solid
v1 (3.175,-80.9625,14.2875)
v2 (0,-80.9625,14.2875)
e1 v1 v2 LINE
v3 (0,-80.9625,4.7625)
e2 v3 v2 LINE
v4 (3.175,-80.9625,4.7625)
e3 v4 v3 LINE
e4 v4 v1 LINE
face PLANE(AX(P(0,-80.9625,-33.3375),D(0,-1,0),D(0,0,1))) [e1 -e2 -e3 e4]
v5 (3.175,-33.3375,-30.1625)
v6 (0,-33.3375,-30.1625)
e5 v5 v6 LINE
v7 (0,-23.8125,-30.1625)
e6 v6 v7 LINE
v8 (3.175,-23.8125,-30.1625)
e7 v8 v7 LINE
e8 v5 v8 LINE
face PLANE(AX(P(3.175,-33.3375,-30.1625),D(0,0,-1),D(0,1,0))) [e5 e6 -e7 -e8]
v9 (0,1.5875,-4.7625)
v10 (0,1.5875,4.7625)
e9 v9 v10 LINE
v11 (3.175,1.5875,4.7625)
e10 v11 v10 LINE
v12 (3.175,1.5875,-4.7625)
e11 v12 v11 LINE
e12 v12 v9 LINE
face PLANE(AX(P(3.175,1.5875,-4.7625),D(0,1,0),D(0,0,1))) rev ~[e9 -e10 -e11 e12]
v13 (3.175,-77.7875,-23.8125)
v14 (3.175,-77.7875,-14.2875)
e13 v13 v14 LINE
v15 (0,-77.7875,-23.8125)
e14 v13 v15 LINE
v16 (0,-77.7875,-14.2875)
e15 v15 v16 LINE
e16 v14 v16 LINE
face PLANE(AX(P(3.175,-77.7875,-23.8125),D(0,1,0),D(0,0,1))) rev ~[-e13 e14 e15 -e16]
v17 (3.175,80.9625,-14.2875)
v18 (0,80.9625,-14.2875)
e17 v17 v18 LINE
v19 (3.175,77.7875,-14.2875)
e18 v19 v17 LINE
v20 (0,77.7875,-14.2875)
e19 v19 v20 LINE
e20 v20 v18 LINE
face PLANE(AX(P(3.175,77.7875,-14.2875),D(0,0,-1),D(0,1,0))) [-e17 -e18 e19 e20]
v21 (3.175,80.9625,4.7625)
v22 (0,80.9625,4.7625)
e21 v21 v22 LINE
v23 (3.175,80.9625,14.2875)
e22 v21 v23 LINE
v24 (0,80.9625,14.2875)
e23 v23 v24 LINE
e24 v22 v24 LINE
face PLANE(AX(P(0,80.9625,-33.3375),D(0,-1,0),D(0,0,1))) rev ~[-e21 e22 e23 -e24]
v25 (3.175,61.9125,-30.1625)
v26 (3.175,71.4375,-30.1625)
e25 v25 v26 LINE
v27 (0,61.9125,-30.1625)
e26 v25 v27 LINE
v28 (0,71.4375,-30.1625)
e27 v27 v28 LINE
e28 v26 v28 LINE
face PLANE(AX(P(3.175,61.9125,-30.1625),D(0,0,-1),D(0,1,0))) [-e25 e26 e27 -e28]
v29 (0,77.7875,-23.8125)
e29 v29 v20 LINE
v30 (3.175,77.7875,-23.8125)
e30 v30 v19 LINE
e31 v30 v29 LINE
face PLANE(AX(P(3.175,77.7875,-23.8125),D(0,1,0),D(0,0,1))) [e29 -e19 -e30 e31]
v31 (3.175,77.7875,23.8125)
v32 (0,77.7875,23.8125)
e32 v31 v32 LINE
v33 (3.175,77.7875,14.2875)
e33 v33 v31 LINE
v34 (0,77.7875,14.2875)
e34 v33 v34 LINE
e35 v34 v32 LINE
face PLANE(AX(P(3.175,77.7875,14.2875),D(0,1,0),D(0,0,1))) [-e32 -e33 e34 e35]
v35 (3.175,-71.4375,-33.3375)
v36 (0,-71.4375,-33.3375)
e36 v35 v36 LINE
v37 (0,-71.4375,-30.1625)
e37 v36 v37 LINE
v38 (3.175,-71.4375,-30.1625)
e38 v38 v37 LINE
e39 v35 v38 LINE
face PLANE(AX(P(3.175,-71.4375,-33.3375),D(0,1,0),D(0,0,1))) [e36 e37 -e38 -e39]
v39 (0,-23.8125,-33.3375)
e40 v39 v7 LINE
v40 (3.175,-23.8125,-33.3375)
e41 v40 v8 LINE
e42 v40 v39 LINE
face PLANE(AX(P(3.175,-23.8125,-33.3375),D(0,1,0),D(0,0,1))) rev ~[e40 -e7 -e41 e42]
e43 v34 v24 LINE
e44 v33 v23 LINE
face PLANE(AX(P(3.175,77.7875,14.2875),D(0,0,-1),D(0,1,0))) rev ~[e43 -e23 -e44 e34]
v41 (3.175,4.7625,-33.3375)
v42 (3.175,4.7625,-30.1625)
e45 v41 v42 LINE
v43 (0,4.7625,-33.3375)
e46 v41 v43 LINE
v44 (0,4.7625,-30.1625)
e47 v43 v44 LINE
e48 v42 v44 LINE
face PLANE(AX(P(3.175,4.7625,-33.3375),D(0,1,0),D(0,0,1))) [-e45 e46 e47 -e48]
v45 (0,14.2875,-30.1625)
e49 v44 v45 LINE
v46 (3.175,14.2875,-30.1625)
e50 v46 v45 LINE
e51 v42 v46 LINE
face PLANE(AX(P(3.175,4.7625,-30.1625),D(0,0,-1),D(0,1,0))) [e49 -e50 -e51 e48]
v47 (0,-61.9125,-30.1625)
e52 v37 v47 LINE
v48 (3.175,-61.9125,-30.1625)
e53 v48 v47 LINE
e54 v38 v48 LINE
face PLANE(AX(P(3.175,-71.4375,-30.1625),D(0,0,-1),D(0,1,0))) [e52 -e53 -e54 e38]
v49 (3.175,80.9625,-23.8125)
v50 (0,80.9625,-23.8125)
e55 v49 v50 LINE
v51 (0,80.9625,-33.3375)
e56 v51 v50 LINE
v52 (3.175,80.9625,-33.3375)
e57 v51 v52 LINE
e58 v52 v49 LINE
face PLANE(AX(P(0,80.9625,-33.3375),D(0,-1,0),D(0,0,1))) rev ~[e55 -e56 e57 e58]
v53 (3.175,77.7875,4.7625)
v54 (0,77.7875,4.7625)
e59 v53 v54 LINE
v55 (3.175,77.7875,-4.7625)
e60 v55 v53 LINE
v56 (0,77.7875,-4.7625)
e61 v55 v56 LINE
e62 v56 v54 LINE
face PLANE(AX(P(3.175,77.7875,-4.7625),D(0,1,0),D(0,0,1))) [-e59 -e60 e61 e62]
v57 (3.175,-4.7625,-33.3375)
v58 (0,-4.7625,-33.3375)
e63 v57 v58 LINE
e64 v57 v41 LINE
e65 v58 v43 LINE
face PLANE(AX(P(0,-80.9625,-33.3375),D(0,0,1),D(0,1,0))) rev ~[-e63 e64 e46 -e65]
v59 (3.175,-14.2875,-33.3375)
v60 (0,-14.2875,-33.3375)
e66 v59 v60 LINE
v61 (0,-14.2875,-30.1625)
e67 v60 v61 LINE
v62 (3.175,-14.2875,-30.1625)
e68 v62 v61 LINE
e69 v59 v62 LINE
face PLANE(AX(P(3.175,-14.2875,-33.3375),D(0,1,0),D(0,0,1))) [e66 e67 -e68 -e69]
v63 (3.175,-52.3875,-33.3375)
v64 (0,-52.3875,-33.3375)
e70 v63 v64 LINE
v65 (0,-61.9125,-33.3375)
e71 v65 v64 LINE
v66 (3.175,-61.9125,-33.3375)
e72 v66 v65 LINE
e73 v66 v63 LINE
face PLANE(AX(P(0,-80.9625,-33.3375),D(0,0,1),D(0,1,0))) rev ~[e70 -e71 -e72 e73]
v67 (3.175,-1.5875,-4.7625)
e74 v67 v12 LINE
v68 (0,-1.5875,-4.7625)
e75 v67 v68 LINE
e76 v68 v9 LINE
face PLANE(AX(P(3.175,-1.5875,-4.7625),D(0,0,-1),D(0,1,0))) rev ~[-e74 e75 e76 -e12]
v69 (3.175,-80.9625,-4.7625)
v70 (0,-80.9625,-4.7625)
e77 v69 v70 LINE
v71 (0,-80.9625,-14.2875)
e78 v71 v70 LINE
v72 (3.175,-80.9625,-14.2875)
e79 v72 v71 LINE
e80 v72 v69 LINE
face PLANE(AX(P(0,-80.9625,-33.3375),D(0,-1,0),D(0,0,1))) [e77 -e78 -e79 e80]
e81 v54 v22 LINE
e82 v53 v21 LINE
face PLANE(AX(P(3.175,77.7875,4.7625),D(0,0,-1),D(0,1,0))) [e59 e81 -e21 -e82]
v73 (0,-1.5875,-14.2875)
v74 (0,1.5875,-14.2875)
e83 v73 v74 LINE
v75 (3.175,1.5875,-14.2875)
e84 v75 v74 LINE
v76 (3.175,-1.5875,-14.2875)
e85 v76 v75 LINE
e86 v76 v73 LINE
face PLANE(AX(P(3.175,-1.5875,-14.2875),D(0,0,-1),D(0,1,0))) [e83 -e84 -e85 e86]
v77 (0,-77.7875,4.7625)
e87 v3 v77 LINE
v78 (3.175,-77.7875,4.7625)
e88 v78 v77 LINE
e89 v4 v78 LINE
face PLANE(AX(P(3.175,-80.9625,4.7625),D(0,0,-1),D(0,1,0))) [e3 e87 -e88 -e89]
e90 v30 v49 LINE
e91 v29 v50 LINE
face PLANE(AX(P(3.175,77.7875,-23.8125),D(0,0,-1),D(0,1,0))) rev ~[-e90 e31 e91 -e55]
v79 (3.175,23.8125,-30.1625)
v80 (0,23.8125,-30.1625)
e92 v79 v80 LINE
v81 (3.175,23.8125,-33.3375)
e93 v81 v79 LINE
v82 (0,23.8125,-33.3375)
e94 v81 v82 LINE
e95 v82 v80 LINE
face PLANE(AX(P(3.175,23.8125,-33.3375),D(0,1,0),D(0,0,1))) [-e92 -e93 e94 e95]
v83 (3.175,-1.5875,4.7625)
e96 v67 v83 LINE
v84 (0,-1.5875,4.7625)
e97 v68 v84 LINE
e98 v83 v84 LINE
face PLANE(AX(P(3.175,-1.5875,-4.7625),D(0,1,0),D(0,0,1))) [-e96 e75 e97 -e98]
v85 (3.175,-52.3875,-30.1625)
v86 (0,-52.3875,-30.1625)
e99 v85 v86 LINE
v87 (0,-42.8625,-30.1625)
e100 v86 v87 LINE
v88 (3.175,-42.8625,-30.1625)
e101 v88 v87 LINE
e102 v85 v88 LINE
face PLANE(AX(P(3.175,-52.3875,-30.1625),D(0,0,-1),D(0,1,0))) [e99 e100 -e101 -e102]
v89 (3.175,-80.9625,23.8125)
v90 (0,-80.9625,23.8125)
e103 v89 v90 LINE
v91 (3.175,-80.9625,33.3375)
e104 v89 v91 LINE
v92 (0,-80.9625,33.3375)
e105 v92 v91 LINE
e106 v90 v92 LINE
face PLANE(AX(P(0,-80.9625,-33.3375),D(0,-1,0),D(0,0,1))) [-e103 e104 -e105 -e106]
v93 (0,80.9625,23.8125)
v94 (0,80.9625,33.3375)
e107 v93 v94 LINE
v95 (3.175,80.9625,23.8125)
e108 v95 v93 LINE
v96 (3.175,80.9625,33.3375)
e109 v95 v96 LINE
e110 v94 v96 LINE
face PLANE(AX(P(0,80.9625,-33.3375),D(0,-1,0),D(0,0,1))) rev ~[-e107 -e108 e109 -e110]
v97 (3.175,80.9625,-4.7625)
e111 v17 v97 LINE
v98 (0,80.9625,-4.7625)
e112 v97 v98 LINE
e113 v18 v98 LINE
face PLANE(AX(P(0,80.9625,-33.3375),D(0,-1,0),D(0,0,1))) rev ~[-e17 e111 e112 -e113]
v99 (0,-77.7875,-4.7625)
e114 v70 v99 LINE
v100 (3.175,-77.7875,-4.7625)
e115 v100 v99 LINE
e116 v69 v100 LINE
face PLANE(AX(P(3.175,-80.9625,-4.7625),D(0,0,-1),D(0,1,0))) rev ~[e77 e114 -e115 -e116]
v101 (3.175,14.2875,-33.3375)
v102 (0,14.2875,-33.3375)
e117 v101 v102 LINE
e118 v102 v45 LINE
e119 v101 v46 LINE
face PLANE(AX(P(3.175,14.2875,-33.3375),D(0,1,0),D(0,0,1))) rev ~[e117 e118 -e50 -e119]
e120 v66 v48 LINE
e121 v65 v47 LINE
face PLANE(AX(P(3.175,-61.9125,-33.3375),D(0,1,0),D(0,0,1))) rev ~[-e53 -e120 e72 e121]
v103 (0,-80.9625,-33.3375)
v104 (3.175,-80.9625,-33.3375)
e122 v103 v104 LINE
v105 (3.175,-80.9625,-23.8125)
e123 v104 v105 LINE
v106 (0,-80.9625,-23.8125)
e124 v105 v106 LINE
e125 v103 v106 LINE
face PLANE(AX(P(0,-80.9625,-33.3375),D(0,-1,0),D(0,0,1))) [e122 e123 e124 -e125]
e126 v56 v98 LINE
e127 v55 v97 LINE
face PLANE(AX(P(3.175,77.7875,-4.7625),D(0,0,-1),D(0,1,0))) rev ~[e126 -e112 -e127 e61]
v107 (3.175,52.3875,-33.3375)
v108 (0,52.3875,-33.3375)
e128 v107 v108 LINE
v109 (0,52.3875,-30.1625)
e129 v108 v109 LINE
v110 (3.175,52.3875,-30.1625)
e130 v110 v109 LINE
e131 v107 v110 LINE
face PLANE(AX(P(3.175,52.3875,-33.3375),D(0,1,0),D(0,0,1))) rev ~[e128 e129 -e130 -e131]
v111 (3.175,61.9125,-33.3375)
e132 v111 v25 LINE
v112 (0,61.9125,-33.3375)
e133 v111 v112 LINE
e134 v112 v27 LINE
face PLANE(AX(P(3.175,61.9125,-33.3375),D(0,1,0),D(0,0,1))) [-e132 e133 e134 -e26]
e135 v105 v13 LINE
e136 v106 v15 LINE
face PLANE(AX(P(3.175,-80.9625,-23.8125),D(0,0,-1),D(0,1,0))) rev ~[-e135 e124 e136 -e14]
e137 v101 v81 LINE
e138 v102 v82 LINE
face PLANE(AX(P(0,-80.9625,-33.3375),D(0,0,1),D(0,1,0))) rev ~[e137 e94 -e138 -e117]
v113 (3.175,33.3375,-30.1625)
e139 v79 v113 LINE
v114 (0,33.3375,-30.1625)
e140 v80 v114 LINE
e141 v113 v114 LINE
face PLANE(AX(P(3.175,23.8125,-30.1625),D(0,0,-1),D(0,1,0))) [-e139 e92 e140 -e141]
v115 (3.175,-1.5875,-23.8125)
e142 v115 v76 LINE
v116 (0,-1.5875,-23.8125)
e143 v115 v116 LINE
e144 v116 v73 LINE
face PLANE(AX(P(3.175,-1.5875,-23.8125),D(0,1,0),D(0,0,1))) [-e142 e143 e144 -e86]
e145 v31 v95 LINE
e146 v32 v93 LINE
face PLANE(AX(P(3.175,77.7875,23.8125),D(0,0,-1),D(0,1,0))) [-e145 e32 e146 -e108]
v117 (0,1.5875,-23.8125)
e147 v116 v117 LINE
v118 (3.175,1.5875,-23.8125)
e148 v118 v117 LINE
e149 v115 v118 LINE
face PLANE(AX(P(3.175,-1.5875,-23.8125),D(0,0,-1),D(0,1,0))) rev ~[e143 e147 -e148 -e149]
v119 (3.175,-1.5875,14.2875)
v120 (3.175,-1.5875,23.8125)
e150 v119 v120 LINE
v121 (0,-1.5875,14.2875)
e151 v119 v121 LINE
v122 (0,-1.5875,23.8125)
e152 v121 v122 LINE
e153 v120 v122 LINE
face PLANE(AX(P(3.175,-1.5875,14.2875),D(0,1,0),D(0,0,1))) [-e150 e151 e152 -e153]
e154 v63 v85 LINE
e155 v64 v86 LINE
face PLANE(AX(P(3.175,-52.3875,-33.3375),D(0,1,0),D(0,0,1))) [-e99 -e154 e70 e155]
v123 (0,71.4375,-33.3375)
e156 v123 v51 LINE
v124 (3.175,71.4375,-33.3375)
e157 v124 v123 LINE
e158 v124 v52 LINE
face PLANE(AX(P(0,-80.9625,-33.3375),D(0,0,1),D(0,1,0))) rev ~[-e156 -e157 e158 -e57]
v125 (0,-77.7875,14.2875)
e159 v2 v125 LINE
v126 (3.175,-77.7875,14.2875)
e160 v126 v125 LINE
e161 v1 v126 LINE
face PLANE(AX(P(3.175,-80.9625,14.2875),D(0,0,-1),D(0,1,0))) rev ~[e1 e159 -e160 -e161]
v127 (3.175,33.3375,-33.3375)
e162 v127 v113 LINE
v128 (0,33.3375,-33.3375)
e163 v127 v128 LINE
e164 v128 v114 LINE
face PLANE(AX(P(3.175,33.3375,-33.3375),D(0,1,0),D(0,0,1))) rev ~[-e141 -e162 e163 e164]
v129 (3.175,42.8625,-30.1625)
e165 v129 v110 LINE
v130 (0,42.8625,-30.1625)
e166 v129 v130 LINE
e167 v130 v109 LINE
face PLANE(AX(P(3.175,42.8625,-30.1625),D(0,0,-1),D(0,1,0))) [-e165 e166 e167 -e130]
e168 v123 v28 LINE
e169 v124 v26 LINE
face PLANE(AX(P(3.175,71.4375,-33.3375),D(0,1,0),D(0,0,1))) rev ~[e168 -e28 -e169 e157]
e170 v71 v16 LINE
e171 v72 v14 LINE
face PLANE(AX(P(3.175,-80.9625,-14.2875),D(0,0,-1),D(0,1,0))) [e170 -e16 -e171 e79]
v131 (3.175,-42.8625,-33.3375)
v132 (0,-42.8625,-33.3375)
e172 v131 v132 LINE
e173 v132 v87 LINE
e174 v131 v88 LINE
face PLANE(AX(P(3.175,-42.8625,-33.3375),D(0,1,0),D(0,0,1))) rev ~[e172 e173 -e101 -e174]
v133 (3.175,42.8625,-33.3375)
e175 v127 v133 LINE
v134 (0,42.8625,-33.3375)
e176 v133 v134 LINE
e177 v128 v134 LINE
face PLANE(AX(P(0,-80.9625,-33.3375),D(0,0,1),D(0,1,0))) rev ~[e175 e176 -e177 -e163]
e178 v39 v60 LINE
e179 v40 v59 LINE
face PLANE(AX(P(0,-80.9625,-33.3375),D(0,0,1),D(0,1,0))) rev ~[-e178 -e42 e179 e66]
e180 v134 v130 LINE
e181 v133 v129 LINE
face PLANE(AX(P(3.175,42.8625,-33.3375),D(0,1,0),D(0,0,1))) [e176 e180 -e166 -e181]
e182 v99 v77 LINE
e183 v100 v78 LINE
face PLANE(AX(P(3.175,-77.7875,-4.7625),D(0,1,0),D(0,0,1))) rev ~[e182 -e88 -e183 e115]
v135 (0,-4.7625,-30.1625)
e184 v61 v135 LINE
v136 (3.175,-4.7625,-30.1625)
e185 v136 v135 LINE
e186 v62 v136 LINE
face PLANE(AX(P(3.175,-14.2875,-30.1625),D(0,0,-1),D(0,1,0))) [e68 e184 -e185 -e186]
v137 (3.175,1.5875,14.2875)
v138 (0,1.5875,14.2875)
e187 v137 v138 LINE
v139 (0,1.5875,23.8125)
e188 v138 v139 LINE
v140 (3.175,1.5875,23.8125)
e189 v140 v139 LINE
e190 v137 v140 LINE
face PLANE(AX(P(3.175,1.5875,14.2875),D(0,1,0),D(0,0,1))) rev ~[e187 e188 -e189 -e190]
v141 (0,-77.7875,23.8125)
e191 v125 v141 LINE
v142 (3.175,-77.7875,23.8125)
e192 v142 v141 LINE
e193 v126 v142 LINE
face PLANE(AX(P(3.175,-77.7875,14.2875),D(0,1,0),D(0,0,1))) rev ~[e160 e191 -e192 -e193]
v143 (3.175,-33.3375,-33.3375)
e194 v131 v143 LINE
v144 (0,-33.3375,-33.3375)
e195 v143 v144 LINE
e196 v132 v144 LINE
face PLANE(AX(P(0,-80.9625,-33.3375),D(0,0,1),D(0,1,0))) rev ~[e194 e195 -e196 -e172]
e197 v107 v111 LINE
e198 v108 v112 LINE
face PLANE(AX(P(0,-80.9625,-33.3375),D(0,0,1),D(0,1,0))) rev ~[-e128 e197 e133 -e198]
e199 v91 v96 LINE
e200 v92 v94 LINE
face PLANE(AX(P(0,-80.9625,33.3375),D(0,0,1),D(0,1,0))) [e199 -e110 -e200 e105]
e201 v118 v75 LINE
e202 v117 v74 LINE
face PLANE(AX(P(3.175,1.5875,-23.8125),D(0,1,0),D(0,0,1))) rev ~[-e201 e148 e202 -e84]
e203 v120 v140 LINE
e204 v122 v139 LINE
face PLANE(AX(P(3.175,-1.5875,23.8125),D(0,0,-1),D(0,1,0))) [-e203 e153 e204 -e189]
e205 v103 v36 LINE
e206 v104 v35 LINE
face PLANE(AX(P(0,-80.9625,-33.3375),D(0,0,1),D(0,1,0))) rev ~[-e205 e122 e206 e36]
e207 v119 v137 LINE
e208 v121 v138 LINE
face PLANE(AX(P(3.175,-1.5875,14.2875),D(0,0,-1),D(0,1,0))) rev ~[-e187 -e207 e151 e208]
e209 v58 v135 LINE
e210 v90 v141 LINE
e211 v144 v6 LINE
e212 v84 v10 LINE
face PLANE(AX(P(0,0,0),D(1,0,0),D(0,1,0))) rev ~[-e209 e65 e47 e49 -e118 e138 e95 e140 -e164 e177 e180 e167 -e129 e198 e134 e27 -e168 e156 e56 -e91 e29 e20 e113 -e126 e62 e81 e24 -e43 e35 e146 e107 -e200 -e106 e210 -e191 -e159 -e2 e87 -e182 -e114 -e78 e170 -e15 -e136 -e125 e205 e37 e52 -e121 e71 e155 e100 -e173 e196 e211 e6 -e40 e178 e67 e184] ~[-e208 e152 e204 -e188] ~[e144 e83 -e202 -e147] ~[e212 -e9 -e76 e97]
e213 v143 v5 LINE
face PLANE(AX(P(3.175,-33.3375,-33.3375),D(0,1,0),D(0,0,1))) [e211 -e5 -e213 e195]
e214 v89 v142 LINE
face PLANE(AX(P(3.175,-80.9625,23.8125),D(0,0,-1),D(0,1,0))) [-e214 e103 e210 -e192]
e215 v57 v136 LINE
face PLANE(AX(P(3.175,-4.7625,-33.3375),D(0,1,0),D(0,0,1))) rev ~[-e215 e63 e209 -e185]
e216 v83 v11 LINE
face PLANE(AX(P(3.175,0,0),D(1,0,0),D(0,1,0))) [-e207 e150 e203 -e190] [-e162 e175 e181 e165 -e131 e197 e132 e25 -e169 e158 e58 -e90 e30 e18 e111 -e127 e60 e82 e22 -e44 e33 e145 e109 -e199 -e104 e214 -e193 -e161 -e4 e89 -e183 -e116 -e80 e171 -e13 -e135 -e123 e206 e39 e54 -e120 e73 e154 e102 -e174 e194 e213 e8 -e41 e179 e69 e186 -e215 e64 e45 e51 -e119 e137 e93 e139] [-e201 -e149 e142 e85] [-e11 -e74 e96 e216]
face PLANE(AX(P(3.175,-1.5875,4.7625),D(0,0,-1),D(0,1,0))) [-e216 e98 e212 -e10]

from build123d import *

# Parameters (mm, degrees)
F0_W     = 161.925
F0_H     = 66.675
F1_DEPTH = 3.175
F2_W     = 3.175
F2_H     = 9.525
F3_DEPTH = 3.176
F4_W     = 9.525
F4_H     = 3.175
F5_DEPTH = 3.176


with BuildPart() as f1:
    # F0 (on Right) → F1 (new body)
    with BuildSketch(Plane.YZ):
        Rectangle(F0_W, F0_H)
    extrude(amount=F1_DEPTH)

    # F2 (on face) → F3 (cut, through all)
    with BuildSketch(Plane.YZ.offset(3.175)):
        with Locations((-79.375, -19.05)):
            Rectangle(F2_W, F2_H)
        with Locations((-79.375, 0)):
            Rectangle(F2_W, F2_H)
        with Locations((-79.375, 19.05)):
            Rectangle(F2_W, F2_H)
        with Locations((0, -19.05)):
            Rectangle(F2_W, F2_H)
        Rectangle(F2_W, F2_H)
        with Locations((0, 19.05)):
            Rectangle(F2_W, F2_H)
        with Locations((79.375, -19.05)):
            Rectangle(F2_W, F2_H)
        with Locations((79.375, 0)):
            Rectangle(F2_W, F2_H)
        with Locations((79.375, 19.05)):
            Rectangle(F2_W, F2_H)
    extrude(amount=-F3_DEPTH, mode=Mode.SUBTRACT)

    # F4 (on face) → F5 (cut, through all)
    with BuildSketch(Plane.YZ.offset(3.175)):
        with Locations((-66.675, -31.75)):
            Rectangle(F4_W, F4_H)
        with Locations((-47.625, -31.75)):
            Rectangle(F4_W, F4_H)
        with Locations((-28.575, -31.75)):
            Rectangle(F4_W, F4_H)
        with Locations((-9.525, -31.75)):
            Rectangle(F4_W, F4_H)
        with Locations((9.525, -31.75)):
            Rectangle(F4_W, F4_H)
        with Locations((28.575, -31.75)):
            Rectangle(F4_W, F4_H)
        with Locations((47.625, -31.75)):
            Rectangle(F4_W, F4_H)
        with Locations((66.675, -31.75)):
            Rectangle(F4_W, F4_H)
    extrude(amount=-F5_DEPTH, mode=Mode.SUBTRACT)


solid = f1.part
